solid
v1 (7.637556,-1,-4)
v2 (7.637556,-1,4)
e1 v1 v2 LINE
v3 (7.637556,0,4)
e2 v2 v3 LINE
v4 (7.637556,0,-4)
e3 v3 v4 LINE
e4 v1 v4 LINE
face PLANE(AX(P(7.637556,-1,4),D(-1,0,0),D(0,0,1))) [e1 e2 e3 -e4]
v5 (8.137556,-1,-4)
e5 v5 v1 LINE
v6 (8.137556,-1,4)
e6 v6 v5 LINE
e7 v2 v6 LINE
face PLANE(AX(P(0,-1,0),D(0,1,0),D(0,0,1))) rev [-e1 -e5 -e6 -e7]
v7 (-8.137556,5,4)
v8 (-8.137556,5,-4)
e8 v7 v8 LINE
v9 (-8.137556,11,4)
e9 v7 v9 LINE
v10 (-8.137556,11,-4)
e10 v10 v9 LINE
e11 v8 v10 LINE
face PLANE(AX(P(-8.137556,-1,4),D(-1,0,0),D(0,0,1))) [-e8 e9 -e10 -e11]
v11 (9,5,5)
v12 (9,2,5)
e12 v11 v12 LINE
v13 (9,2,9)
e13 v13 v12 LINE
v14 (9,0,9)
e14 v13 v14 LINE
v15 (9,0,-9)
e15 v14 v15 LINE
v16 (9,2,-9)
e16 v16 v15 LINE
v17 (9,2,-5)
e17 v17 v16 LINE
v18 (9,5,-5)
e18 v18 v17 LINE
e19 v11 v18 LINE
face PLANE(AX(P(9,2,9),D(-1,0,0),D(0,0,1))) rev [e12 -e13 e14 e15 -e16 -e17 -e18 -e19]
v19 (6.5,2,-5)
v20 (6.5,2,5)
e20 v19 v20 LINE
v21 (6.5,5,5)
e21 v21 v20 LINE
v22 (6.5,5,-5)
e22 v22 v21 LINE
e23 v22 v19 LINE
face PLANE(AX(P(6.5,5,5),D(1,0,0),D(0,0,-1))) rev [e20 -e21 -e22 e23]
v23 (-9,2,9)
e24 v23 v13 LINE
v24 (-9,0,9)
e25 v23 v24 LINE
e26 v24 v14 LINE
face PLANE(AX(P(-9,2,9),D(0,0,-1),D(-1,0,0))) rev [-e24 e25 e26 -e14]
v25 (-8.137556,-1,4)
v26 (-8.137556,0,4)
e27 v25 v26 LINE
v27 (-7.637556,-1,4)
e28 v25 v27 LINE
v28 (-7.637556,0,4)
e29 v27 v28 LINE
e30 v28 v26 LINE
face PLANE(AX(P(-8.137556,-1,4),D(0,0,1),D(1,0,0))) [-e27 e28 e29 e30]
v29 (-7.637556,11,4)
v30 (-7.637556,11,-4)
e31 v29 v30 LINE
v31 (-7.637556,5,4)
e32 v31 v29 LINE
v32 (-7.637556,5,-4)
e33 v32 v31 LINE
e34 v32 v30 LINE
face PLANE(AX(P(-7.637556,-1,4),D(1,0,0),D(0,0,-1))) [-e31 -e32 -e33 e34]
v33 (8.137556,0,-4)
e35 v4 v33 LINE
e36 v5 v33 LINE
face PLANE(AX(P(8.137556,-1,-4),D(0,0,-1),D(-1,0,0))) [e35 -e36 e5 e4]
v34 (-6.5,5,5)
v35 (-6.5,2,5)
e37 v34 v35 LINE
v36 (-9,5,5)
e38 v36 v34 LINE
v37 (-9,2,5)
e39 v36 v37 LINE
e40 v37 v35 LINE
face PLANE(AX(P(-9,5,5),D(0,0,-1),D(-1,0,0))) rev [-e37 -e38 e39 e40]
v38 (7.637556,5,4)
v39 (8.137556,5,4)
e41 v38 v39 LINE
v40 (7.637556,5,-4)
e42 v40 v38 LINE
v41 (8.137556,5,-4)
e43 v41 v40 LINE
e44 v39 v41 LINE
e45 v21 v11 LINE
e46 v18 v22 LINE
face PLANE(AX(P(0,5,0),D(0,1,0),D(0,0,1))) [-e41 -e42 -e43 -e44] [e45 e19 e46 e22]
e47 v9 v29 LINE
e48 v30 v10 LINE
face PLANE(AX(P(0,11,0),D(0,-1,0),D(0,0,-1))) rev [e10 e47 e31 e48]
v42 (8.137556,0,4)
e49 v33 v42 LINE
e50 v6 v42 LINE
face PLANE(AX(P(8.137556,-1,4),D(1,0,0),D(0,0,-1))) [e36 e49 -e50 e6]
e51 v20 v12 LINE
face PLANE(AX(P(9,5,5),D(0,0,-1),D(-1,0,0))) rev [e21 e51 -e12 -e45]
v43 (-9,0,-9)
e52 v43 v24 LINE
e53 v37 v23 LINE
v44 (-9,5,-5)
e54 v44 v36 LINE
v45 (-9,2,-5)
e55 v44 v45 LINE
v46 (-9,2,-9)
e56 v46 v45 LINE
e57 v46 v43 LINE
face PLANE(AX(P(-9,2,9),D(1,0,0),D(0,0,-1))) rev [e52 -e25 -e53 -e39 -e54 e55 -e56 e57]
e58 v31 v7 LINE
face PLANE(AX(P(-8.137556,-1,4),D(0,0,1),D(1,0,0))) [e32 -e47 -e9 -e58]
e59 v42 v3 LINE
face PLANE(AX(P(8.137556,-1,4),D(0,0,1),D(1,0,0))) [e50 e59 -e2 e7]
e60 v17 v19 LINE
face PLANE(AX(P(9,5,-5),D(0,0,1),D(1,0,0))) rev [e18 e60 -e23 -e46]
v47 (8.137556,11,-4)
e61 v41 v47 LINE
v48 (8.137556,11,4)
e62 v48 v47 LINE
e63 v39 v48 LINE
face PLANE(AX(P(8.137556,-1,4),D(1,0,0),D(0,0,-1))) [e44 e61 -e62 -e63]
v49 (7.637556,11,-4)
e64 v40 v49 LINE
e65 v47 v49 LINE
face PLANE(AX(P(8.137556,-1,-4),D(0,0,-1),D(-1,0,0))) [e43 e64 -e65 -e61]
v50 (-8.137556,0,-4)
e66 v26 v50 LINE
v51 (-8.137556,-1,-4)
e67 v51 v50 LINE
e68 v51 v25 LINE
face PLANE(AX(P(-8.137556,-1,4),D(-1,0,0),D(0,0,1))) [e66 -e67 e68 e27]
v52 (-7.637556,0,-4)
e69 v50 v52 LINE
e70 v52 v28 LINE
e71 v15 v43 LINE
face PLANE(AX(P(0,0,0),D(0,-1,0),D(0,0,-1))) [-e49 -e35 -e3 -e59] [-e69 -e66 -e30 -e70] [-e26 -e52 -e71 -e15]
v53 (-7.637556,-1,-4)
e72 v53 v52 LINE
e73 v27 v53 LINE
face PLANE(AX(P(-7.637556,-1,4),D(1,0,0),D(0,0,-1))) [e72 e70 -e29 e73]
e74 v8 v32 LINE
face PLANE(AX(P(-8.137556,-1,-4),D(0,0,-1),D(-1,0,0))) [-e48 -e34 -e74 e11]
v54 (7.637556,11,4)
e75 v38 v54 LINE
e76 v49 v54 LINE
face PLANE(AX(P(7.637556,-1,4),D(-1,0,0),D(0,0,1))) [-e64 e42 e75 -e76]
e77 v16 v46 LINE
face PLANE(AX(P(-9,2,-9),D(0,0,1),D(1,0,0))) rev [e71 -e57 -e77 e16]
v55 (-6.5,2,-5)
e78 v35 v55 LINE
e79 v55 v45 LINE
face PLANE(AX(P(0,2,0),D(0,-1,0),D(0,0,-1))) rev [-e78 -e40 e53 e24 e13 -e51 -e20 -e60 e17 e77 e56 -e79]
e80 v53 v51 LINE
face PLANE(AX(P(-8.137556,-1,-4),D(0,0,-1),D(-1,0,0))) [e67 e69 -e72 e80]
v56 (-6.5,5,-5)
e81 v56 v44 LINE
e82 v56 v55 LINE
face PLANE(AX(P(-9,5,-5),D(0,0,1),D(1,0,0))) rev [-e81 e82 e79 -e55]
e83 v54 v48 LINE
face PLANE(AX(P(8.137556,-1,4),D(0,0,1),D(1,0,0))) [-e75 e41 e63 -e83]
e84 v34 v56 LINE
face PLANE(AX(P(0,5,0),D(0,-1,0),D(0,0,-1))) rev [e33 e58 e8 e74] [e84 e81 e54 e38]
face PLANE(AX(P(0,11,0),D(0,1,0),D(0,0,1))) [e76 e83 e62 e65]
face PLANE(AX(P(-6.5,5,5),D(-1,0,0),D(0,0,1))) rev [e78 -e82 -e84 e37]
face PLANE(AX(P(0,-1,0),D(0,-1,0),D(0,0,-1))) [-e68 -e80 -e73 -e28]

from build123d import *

# Parameters (mm, degrees)
SKETCH1_W                = 18
SKETCH1_H                = 18
BOSS_EXTRUDE1_DEPTH      = 2
SKETCH2_W                = 2.5
SKETCH2_H                = 10
BOSS_EXTRUDE2_DEPTH      = 3
BOSS_EXTRUDE3_DEPTH      = 6
BOSS_EXTRUDE3_DEPTH_BACK = 6
SKETCH3_W                = 0.5
SKETCH3_H                = 8


with BuildPart() as part:
    # Sketch1 → Boss-Extrude1 (new body)
    with BuildSketch(Plane(origin=(0, 0, 0), x_dir=(1, 0, 0), z_dir=(0, 1, 0))):
        Rectangle(SKETCH1_W, SKETCH1_H)
    extrude(amount=BOSS_EXTRUDE1_DEPTH)

    # Sketch2 → Boss-Extrude2 (add)
    with BuildSketch(Plane(origin=(0, 2, 0), x_dir=(1, 0, 0), z_dir=(0, 1, 0))):
        with Locations((-7.75, 0)):
            Rectangle(SKETCH2_W, SKETCH2_H)
        with Locations((7.75, 0)):
            Rectangle(SKETCH2_W, SKETCH2_H)
    extrude(amount=BOSS_EXTRUDE2_DEPTH)

    # Sketch3 → Boss-Extrude3 (add, two sides: drawn at the far end of the back side and taken through both)
    with BuildSketch(Plane(origin=(0, 5, 0), x_dir=(1, 0, 0), z_dir=(0, 1, 0)).offset(-BOSS_EXTRUDE3_DEPTH_BACK)):
        with Locations((-7.887555613, 0)):
            Rectangle(SKETCH3_W, SKETCH3_H)
        with Locations((7.887555613, 0)):
            Rectangle(SKETCH3_W, SKETCH3_H)
    extrude(amount=BOSS_EXTRUDE3_DEPTH + BOSS_EXTRUDE3_DEPTH_BACK)


solid = part.part
